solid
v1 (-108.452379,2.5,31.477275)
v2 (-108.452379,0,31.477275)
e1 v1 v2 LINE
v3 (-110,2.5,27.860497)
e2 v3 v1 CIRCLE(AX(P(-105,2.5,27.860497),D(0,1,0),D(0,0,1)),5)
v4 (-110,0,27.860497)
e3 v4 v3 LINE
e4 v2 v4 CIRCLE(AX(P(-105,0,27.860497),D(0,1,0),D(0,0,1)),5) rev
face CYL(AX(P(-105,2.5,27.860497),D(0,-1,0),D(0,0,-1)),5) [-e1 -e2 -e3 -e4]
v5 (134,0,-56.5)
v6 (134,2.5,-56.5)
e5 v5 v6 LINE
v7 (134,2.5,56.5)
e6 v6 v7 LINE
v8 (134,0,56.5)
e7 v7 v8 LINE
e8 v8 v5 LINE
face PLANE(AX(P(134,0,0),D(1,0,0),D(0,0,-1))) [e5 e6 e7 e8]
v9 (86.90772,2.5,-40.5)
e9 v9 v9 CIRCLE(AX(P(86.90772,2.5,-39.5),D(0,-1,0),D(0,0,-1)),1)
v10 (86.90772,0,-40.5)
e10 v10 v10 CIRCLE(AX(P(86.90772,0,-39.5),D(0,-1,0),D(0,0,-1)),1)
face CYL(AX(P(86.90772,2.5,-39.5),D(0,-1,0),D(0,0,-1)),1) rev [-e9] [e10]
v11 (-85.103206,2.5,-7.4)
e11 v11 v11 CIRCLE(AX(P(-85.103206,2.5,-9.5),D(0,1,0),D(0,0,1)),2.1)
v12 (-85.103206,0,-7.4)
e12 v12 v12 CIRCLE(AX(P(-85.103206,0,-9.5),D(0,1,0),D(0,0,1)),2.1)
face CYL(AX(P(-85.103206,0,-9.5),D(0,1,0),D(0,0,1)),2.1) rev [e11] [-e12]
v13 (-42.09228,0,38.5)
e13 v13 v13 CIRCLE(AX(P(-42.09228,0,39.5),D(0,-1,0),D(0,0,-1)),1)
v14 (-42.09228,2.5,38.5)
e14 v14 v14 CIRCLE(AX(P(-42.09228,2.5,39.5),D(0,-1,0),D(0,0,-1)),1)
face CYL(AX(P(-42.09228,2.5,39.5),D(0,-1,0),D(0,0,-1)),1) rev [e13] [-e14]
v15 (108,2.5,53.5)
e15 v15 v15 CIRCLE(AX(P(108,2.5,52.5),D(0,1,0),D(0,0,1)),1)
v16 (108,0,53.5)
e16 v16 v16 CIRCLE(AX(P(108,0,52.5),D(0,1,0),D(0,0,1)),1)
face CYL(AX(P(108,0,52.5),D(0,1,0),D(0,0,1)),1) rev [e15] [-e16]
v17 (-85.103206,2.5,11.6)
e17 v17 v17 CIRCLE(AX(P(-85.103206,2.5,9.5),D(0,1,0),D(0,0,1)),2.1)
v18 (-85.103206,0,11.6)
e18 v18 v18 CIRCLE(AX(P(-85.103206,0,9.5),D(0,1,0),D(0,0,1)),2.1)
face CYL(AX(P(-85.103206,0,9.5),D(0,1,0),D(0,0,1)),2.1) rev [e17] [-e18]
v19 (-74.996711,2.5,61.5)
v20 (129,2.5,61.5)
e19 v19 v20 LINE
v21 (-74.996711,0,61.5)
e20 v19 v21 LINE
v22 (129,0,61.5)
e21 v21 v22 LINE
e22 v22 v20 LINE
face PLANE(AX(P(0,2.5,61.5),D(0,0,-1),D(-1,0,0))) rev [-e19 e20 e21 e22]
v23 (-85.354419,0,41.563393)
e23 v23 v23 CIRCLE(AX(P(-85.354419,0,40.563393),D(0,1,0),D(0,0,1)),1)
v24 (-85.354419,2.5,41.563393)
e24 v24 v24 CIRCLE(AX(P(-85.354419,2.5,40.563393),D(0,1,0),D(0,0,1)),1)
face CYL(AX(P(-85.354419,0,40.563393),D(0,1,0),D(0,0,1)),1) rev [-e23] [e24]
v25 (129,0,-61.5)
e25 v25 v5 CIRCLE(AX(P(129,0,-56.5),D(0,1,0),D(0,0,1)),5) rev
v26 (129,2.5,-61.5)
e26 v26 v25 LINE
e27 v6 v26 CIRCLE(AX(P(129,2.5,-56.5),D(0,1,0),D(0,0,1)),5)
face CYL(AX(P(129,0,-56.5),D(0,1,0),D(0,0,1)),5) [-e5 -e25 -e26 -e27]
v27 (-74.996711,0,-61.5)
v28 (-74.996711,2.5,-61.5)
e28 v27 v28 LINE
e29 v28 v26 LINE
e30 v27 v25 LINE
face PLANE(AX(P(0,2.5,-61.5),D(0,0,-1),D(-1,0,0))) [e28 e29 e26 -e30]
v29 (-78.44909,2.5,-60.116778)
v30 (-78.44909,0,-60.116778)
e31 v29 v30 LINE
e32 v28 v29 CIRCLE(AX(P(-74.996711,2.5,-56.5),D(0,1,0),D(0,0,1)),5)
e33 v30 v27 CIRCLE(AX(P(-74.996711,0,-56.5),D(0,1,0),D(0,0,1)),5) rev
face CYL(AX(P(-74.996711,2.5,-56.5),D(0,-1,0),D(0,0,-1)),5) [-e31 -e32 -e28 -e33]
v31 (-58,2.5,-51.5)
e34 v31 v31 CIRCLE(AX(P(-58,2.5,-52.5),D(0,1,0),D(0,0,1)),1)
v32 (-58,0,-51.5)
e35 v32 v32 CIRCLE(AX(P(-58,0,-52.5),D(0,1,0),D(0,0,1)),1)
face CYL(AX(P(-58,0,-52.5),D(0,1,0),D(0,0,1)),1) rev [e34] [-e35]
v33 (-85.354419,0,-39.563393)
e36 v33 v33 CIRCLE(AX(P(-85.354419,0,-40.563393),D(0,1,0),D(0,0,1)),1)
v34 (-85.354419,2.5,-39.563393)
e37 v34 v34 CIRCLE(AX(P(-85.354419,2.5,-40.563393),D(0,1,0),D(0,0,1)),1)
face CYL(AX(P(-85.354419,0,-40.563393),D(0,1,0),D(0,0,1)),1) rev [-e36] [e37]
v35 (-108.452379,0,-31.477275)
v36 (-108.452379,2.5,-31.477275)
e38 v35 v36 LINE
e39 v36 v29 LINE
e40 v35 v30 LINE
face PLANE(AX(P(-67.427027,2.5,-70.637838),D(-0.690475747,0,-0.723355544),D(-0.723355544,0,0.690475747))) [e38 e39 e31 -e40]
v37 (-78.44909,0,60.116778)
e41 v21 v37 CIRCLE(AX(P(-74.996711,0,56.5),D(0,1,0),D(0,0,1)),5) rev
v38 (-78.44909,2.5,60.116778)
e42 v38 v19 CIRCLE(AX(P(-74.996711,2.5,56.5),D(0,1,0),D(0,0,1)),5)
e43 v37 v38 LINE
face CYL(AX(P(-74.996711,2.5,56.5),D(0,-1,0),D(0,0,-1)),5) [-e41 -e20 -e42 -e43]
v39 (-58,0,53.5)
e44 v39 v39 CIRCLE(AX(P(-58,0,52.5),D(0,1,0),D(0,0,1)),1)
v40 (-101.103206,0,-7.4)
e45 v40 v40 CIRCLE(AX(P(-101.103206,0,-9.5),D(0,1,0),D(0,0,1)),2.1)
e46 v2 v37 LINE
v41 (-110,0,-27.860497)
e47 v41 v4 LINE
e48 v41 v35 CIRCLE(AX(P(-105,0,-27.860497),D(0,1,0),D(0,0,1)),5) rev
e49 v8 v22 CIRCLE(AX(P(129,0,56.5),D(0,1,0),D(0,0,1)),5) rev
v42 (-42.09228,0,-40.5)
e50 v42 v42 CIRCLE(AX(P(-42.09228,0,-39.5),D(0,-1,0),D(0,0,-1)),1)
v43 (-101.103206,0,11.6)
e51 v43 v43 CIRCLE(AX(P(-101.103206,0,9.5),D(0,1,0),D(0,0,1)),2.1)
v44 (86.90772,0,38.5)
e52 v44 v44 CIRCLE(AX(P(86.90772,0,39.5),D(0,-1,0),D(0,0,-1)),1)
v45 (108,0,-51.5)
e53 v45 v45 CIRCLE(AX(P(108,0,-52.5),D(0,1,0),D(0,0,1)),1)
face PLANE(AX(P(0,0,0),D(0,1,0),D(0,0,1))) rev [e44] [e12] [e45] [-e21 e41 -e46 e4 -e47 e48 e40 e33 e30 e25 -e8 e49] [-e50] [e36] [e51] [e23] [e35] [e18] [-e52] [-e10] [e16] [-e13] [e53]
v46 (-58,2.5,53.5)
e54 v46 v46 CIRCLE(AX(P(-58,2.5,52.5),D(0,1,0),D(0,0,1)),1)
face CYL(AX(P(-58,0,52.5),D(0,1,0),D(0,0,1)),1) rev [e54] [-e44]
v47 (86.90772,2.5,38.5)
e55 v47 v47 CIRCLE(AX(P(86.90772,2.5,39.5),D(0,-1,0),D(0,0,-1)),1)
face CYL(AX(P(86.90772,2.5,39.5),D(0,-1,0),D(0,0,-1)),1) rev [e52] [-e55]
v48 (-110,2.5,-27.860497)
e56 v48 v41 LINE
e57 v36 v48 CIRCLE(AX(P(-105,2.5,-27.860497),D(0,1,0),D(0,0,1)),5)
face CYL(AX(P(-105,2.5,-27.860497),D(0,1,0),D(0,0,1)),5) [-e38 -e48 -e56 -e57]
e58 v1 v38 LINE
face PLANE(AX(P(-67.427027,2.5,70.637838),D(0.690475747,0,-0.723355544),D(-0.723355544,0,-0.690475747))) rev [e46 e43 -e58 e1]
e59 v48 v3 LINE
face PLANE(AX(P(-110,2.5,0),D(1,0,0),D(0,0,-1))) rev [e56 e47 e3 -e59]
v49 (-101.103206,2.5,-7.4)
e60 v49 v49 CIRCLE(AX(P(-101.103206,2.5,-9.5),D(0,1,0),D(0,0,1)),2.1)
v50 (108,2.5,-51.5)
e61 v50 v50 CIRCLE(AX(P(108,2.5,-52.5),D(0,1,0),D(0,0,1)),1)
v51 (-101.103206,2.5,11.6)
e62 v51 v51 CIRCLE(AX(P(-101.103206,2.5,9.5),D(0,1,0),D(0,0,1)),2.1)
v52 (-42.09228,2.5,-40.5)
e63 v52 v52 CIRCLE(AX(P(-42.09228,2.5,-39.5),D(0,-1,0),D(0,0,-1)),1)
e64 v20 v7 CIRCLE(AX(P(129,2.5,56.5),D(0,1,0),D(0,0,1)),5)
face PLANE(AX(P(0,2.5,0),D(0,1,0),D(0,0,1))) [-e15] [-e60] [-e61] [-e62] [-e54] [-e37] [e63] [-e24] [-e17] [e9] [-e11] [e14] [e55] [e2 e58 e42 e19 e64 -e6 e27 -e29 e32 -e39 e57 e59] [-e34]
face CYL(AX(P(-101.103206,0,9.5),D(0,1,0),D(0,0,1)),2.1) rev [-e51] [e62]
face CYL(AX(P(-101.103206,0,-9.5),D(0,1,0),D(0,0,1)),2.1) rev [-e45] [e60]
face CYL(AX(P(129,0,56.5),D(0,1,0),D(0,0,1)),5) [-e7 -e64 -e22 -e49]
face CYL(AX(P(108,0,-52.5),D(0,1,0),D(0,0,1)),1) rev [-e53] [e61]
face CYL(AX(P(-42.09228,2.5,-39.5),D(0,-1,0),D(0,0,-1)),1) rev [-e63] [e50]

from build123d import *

# Parameters (mm, degrees)
EXTRUDE_2_DEPTH     = 2.5
SKETCH_2_R          = 2.1
CUT_EXTRUDE_1_DEPTH = 127.049593415
SKETCH_3_R          = 1
CUT_EXTRUDE_2_DEPTH = 127.049593415
SKETCH_4_R          = 1
CUT_EXTRUDE_3_DEPTH = 127.049593415
SKETCH_5_W          = 123
SKETCH_5_H          = 2.5
EXTRUDE_3_DEPTH     = 24
FILLET_1_R          = 5
SKETCH_6_R          = 1
CUT_EXTRUDE_4_DEPTH = 148.460164112


with BuildPart() as part:
    # 草图1 → 凸台-拉伸2 (new body)
    with BuildSketch(Plane(origin=(0, 0, 0), x_dir=(1, 0, 0), z_dir=(0, 1, 0))):
        Polygon((-77, 61.5), (-110, 30), (-110, -30), (-77, -61.5), (110, -61.5), (110, 61.5), align=None)
    extrude(amount=EXTRUDE_2_DEPTH)

    # 草图2 → 切除-拉伸1 (cut, through all)
    with BuildSketch(Plane(origin=(0, 2.5, 0), x_dir=(1, 0, 0), z_dir=(0, 1, 0))):
        with Locations(Location((-101.103205615, 9.5, 0), (0, 0, 270))):
            Circle(SKETCH_2_R)
        with Locations(Location((-101.103205615, -9.5, 0), (0, 0, 270))):
            Circle(SKETCH_2_R)
        with Locations(Location((-85.103205615, 9.5, 0), (0, 0, 270))):
            Circle(SKETCH_2_R)
        with Locations(Location((-85.103205615, -9.5, 0), (0, 0, 270))):
            Circle(SKETCH_2_R)
    extrude(amount=-CUT_EXTRUDE_1_DEPTH, mode=Mode.SUBTRACT)

    # 草图3 → 切除-拉伸2 (cut, through all)
    with BuildSketch(Plane(origin=(0, 2.5, 0), x_dir=(1, 0, 0), z_dir=(0, 1, 0))):
        with Locations(Location((-58, 52.5, 0), (0, 0, 270))):
            Circle(SKETCH_3_R)
        with Locations(Location((-58, -52.5, 0), (0, 0, 270))):
            Circle(SKETCH_3_R)
        with Locations(Location((108, -52.5, 0), (0, 0, 270))):
            Circle(SKETCH_3_R)
        with Locations(Location((108, 52.5, 0), (0, 0, 270))):
            Circle(SKETCH_3_R)
    extrude(amount=-CUT_EXTRUDE_2_DEPTH, mode=Mode.SUBTRACT)

    # 草图4 → 切除-拉伸3 (cut, through all)
    with BuildSketch(Plane.XZ):
        with Locations(Location((-42.09228043, 39.5, 0), (0, 0, 270))):
            Circle(SKETCH_4_R)
        with Locations(Location((-42.09228043, -39.5, 0), (0, 0, 270))):
            Circle(SKETCH_4_R)
        with Locations(Location((86.90771957, 39.5, 0), (0, 0, 270))):
            Circle(SKETCH_4_R)
        with Locations(Location((86.90771957, -39.5, 0), (0, 0, 270))):
            Circle(SKETCH_4_R)
    extrude(amount=-CUT_EXTRUDE_3_DEPTH, mode=Mode.SUBTRACT)

    # 草图5 → 凸台-拉伸3 (add)
    with BuildSketch(Plane(origin=(110, 0, 0), x_dir=(0, 0, -1), z_dir=(1, 0, 0))):
        with Locations((0, 1.25)):
            Rectangle(SKETCH_5_W, SKETCH_5_H)
    extrude(amount=EXTRUDE_3_DEPTH)

    # 圆角1
    fillet_1_edges = [part.edges().sort_by_distance(p)[0] for p in [
        (-110, 1.25, -30),
        (-77, 1.25, -61.5),
        (-77, 1.25, 61.5),
        (-110, 1.25, 30),
        (134, 1.25, 61.5),
        (134, 1.25, -61.5),
    ]]
    fillet(fillet_1_edges, radius=FILLET_1_R)

    # 草图6 → 切除-拉伸4 (cut, through all)
    with BuildSketch(Plane(origin=(0, 2.5, 0), x_dir=(1, 0, 0), z_dir=(0, 1, 0))):
        with Locations(Location((-85.354419484, 40.563392731, 0), (0, 0, 270))):
            Circle(SKETCH_6_R)
        with Locations(Location((-85.354419484, -40.563392731, 0), (0, 0, 270))):
            Circle(SKETCH_6_R)
    extrude(amount=-CUT_EXTRUDE_4_DEPTH, mode=Mode.SUBTRACT)


solid = part.part
